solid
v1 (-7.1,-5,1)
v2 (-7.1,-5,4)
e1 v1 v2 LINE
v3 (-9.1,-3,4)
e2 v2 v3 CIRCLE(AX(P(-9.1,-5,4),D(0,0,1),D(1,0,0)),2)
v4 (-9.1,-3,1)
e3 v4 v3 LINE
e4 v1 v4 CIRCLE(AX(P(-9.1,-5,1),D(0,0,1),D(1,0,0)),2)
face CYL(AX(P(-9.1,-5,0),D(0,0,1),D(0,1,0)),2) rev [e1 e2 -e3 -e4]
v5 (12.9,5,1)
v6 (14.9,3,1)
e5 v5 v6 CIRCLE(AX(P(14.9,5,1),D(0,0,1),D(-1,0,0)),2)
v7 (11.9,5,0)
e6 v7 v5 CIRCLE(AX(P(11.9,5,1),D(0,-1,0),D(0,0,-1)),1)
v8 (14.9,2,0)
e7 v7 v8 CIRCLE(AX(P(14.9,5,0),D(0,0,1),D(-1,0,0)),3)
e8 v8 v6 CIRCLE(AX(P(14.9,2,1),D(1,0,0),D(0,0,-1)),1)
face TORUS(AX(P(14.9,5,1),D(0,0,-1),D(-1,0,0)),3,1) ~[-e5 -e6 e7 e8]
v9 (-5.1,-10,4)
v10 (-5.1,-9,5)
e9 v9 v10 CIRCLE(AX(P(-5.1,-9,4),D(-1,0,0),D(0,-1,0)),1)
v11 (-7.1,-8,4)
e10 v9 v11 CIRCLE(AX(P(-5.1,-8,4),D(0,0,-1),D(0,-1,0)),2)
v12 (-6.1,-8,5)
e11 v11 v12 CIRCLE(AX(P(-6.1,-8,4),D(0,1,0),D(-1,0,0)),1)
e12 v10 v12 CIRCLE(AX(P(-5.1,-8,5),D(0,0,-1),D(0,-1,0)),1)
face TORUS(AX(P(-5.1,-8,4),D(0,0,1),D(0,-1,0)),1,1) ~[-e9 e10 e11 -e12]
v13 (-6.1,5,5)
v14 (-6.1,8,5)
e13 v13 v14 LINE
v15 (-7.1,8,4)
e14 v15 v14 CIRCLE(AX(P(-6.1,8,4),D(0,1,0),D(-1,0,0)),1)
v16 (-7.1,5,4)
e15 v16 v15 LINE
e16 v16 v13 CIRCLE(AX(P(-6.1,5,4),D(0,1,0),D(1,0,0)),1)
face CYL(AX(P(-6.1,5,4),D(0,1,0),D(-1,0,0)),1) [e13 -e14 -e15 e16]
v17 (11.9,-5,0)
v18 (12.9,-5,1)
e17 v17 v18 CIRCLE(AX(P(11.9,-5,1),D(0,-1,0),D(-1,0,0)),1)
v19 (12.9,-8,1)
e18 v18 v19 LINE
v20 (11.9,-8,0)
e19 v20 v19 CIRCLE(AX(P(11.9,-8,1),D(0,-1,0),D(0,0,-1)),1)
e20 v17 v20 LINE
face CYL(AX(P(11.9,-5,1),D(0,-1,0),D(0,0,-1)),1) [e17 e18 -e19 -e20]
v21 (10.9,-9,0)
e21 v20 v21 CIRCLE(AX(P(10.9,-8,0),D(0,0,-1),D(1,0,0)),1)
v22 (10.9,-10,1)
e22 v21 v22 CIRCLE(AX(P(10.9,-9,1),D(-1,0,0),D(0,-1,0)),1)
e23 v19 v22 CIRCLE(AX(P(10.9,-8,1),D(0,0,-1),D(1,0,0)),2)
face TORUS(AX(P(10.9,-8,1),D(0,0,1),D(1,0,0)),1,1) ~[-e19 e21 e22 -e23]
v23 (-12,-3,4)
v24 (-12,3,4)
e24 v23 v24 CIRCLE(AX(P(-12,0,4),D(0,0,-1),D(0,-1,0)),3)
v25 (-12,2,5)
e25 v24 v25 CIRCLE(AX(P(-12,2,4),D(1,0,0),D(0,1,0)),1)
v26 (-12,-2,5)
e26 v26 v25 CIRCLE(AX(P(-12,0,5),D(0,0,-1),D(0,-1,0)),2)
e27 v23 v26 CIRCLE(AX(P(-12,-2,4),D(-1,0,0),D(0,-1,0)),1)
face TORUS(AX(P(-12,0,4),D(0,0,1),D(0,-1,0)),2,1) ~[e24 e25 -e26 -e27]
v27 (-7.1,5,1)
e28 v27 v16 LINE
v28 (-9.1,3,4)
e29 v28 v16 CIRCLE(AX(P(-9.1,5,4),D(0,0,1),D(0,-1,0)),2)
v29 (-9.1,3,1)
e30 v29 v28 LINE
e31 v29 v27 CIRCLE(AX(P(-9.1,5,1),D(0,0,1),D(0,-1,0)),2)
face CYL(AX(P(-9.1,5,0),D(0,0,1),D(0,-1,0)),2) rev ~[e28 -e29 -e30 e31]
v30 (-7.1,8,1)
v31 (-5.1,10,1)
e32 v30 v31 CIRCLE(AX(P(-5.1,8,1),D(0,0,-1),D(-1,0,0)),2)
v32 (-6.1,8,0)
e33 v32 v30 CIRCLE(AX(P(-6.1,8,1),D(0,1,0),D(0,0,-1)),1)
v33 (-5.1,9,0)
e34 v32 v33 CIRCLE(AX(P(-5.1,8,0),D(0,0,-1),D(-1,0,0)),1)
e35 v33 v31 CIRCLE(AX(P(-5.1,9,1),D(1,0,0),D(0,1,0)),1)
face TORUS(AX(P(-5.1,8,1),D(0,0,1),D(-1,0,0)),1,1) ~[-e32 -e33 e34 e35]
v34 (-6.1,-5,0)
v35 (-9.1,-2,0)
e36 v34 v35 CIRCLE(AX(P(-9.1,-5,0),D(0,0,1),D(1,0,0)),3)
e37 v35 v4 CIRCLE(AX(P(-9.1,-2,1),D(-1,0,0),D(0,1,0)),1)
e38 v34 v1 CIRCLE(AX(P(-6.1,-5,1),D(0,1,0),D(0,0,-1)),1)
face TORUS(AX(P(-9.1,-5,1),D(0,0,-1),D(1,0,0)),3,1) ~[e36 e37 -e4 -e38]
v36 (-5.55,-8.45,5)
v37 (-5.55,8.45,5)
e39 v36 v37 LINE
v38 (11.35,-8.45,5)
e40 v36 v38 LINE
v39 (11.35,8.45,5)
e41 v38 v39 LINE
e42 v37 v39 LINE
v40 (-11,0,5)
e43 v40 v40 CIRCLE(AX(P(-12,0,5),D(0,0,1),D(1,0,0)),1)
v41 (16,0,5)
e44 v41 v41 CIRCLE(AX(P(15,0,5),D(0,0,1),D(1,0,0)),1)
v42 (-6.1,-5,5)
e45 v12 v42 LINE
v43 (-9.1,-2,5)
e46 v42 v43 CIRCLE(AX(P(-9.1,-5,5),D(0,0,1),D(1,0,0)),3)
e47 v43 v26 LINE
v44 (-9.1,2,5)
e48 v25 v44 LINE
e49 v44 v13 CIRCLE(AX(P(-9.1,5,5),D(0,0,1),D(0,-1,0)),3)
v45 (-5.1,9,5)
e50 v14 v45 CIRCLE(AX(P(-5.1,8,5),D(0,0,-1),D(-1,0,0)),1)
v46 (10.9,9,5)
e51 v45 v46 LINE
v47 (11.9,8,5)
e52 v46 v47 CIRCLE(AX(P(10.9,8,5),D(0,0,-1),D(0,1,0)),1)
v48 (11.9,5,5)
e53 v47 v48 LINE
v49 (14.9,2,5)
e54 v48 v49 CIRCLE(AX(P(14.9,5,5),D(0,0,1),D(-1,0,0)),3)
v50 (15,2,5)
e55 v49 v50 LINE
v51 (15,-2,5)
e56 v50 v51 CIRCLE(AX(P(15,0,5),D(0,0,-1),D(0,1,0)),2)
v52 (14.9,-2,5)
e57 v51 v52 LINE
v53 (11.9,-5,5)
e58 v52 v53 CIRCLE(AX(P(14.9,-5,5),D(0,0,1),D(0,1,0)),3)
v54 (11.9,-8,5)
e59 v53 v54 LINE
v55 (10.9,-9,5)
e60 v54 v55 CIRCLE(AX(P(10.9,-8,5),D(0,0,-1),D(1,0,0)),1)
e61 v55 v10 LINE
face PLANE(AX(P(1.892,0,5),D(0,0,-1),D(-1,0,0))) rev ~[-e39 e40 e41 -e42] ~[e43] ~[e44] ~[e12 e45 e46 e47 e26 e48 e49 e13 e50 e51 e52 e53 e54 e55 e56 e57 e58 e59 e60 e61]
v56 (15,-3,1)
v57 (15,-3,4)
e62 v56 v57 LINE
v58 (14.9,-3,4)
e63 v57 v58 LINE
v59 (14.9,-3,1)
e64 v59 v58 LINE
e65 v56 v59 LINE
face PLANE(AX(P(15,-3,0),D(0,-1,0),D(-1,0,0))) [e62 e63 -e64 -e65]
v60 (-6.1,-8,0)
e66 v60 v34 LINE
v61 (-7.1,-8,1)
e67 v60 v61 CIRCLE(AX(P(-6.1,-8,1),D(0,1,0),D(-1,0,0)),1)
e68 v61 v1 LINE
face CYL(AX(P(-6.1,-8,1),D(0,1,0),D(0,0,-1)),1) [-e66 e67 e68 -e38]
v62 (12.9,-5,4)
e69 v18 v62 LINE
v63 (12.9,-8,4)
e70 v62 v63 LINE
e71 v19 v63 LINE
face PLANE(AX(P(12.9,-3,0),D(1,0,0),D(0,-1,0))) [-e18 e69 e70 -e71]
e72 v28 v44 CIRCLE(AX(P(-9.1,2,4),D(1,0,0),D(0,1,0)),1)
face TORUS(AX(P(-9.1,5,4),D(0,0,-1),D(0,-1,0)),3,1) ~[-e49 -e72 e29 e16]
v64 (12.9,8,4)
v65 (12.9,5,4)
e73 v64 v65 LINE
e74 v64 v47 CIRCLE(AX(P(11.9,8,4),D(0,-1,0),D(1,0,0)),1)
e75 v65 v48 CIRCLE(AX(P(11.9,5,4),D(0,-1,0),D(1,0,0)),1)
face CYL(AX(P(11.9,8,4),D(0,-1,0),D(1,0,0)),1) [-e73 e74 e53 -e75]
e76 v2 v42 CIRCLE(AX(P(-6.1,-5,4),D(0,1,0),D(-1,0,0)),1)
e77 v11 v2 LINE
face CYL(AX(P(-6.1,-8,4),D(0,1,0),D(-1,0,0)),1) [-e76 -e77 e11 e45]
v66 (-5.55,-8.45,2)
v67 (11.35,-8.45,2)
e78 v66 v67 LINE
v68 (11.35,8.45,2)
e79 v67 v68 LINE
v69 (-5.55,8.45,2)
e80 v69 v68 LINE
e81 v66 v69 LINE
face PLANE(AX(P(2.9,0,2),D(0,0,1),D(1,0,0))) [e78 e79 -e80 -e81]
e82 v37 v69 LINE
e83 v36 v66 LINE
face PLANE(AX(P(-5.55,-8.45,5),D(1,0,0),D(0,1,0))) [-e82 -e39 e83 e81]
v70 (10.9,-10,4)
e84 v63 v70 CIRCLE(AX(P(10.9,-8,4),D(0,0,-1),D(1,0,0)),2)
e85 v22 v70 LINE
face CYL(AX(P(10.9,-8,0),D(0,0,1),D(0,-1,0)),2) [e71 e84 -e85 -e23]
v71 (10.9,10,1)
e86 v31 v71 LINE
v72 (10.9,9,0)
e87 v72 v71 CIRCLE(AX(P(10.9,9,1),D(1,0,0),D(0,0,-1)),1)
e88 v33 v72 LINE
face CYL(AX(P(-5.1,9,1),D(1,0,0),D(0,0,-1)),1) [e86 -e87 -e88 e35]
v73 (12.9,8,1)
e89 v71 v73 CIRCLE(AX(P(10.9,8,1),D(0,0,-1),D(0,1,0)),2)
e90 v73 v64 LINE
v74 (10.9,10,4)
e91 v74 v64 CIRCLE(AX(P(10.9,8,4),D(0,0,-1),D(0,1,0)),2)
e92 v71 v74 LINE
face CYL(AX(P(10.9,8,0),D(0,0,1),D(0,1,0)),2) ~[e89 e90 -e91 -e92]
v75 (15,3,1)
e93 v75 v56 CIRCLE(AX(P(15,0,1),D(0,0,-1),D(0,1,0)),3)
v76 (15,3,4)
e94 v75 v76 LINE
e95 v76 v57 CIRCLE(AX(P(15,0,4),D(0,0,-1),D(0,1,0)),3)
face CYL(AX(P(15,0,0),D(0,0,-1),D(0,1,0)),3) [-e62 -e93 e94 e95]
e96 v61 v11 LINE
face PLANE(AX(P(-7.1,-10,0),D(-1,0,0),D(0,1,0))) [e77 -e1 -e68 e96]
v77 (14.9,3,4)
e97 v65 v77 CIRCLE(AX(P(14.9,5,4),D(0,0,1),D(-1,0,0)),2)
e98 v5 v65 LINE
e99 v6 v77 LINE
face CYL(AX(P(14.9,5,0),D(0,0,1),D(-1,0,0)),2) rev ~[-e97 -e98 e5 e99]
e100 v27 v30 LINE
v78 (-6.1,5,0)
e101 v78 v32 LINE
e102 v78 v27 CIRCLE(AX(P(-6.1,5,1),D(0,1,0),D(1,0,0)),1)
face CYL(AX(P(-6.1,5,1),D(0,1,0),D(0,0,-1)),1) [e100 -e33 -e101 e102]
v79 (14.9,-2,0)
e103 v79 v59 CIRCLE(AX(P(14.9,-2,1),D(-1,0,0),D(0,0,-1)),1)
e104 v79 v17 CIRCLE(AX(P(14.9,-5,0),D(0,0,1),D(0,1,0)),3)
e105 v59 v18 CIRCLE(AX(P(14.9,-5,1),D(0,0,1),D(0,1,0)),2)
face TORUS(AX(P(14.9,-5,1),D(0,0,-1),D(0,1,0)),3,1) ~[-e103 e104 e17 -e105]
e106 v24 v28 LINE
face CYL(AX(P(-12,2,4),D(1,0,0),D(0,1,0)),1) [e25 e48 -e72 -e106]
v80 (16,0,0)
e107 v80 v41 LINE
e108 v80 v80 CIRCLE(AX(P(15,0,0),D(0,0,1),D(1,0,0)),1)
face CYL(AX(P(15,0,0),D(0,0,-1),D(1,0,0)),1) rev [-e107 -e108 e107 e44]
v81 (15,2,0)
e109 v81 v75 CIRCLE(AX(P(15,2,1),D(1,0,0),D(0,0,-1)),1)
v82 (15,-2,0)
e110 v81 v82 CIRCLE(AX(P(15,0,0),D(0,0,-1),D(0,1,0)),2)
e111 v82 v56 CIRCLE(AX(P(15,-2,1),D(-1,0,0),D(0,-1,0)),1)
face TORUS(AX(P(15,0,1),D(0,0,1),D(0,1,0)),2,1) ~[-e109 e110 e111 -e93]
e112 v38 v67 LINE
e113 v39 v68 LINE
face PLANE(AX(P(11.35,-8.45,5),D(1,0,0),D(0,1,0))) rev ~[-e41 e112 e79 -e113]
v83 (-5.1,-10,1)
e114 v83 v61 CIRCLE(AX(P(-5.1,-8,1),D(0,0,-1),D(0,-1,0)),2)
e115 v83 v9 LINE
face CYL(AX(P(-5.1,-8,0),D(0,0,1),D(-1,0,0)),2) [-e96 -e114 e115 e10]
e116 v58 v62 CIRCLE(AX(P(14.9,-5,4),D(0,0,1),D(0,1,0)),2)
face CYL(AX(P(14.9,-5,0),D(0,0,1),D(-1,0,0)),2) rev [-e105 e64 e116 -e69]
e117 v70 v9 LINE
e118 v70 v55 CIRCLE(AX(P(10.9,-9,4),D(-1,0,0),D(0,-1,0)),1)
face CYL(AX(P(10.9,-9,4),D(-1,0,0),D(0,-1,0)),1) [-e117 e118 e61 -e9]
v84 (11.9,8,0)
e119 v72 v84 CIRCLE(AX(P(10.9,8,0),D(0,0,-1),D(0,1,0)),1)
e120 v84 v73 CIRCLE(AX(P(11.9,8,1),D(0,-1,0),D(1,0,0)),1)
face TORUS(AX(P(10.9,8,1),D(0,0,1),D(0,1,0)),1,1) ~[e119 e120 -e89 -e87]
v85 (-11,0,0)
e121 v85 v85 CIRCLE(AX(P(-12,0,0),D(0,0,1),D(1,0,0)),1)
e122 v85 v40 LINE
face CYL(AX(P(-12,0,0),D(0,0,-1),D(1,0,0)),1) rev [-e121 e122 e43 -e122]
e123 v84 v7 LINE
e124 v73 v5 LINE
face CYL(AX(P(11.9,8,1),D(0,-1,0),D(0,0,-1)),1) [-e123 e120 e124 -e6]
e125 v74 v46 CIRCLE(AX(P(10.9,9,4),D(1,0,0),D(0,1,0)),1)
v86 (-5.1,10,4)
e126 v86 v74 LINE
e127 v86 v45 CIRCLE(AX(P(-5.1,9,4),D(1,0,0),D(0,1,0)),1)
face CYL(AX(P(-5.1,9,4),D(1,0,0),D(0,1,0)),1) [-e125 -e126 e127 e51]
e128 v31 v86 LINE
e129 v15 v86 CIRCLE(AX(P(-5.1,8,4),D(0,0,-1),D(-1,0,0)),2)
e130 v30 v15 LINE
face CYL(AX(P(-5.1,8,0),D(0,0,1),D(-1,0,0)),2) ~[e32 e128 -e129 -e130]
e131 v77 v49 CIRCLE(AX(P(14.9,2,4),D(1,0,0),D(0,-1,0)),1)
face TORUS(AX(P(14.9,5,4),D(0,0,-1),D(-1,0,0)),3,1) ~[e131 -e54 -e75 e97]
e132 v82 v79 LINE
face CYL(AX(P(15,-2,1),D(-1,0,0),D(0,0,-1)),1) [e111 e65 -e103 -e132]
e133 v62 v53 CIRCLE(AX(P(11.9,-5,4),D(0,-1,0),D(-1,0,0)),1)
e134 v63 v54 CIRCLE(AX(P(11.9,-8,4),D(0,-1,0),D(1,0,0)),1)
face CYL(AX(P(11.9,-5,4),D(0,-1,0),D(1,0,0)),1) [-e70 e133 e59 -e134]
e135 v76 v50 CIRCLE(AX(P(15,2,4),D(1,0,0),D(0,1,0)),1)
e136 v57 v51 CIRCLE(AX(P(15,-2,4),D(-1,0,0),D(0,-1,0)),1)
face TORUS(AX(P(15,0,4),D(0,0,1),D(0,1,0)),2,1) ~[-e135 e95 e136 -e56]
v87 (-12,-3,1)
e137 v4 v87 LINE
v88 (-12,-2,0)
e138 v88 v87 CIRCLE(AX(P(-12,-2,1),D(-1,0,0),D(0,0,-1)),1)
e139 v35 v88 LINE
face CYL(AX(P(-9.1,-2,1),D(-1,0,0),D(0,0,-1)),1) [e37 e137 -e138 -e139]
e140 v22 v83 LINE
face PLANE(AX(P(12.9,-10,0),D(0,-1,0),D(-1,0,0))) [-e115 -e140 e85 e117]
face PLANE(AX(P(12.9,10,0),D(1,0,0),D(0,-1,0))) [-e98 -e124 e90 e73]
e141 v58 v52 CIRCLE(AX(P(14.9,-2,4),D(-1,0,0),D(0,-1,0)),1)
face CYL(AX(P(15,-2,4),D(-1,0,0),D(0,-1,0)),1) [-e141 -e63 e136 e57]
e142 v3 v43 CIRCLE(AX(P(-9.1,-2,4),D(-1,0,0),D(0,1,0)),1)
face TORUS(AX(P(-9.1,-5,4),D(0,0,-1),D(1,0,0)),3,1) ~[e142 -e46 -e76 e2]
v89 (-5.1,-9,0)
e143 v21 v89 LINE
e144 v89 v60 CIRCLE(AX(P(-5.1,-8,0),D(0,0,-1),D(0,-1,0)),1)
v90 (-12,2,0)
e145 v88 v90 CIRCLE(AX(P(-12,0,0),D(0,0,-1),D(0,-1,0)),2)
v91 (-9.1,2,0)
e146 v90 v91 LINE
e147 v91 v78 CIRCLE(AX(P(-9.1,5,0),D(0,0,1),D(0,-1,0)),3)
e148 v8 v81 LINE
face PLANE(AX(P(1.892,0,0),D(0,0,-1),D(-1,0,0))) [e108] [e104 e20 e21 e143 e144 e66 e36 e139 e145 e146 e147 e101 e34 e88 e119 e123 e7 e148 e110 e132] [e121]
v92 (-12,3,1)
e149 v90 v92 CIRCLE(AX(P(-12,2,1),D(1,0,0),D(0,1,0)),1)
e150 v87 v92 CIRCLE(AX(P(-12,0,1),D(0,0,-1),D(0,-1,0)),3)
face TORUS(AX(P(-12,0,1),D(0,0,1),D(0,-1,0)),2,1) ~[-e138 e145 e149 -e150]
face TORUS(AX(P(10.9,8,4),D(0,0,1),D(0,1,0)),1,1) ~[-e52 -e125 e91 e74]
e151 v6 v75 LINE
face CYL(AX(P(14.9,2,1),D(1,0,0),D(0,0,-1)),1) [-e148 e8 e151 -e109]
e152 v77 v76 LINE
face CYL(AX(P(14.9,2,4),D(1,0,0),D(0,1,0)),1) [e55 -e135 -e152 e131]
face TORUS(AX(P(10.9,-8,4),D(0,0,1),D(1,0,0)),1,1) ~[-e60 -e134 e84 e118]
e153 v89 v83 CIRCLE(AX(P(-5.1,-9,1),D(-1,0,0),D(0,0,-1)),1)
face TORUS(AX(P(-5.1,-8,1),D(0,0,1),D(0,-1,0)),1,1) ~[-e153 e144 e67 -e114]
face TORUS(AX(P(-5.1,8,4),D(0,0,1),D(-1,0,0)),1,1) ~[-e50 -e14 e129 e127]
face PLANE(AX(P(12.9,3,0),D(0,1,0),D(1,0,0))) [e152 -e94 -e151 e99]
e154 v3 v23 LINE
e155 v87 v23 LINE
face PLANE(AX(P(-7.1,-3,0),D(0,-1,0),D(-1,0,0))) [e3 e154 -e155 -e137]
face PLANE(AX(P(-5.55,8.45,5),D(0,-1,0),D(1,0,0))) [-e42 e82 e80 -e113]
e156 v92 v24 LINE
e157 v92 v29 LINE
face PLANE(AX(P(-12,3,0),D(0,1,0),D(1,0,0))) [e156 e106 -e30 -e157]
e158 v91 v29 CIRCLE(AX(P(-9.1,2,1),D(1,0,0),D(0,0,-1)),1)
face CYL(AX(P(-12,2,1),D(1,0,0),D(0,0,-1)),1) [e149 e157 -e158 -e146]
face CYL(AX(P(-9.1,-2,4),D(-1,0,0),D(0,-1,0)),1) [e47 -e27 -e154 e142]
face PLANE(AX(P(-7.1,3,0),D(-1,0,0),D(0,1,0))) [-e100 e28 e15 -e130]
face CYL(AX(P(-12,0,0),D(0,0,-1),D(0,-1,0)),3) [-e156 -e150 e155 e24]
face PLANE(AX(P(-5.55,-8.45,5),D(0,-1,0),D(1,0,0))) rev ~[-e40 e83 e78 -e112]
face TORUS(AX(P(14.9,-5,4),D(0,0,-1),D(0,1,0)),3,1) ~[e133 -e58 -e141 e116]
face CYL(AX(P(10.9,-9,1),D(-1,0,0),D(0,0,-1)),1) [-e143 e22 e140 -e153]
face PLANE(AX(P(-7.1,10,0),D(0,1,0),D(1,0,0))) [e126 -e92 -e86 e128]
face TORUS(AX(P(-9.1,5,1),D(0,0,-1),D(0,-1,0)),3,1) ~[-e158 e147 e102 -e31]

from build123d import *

# Parameters (mm, degrees)
SKETCH1_R           = 1
BOSS_EXTRUDE1_DEPTH = 5
SKETCH2_W           = 16.9
SKETCH2_H           = 16.9
CUT_EXTRUDE1_DEPTH  = 3
FILLET1_R           = 2
FILLET2_R           = 1


with BuildPart() as part:
    # Sketch1 → Boss-Extrude1 (new body)
    with BuildSketch(Plane.XY):
        with BuildLine():
            Line((-12, 3), (-7.1, 3))
            Line((-7.1, 3), (-7.1, 10))
            Line((-7.1, 10), (12.9, 10))
            Line((12.9, 10), (12.9, 3))
            Line((12.9, 3), (15, 3))
            ThreePointArc((15, 3), (18, 0), (15, -3))
            Line((15, -3), (12.9, -3))
            Line((12.9, -3), (12.9, -10))
            Line((12.9, -10), (-7.1, -10))
            Line((-7.1, -10), (-7.1, -3))
            Line((-7.1, -3), (-12, -3))
            ThreePointArc((-12, -3), (-15, 0), (-12, 3))
        make_face()
        with Locations((-12, 0)):
            Circle(SKETCH1_R, mode=Mode.SUBTRACT)
        with Locations((15, 0)):
            Circle(SKETCH1_R, mode=Mode.SUBTRACT)
    extrude(amount=BOSS_EXTRUDE1_DEPTH)

    # Sketch2 → Cut-Extrude1 (cut)
    with BuildSketch(Plane.XY.offset(5)):
        with Locations((2.9, 0)):
            Rectangle(SKETCH2_W, SKETCH2_H)
    extrude(amount=-CUT_EXTRUDE1_DEPTH, mode=Mode.SUBTRACT)

    # Fillet1
    fillet1_edges = [part.edges().sort_by_distance(p)[0] for p in [
        (-7.1, 10, 2.5),
        (12.9, 10, 2.5),
        (12.9, 3, 2.5),
        (12.9, -3, 2.5),
        (12.9, -10, 2.5),
        (-7.1, -10, 2.5),
        (-7.1, -3, 2.5),
        (-7.1, 3, 2.5),
    ]]
    fillet(fillet1_edges, radius=FILLET1_R)

    # Fillet2
    fillet2_edges = [part.edges().sort_by_distance(p)[0] for p in [
        (-15, 0, 5),
        (14.95, 3, 0),
        (18, 0, 0),
        (-10.55, -3, 5),
        (-10.55, -3, 0),
        (-15, 0, 0),
        (18, 0, 5),
        (14.95, 3, 5),
        (12.9, -6.5, 0),
        (12.9, -6.5, 5),
        (-7.1, 6.5, 0),
        (2.9, 10, 0),
        (12.9, 6.5, 0),
        (14.95, -3, 0),
        (2.9, -10, 0),
        (-7.1, -6.5, 0),
        (-10.55, 3, 0),
        (12.314213562, 9.414213562, 0),
        (-6.514213562, 9.414213562, 0),
        (-6.514213562, -9.414213562, 0),
        (12.314213562, -9.414213562, 0),
        (2.9, -10, 5),
        (-7.1, 6.5, 5),
        (-10.55, 3, 5),
        (-7.1, -6.5, 5),
        (14.95, -3, 5),
        (12.9, 6.5, 5),
        (2.9, 10, 5),
        (12.314213562, 9.414213562, 5),
        (-6.514213562, 9.414213562, 5),
        (-6.514213562, -9.414213562, 5),
        (12.314213562, -9.414213562, 5),
        (-7.685786438, -3.585786438, 0),
        (-7.685786438, -3.585786438, 5),
        (-7.685786438, 3.585786438, 0),
        (-7.685786438, 3.585786438, 5),
        (13.485786438, 3.585786438, 0),
        (13.485786438, 3.585786438, 5),
        (13.485786438, -3.585786438, 0),
        (13.485786438, -3.585786438, 5),
    ]]
    fillet(fillet2_edges, radius=FILLET2_R)


solid = part.part
